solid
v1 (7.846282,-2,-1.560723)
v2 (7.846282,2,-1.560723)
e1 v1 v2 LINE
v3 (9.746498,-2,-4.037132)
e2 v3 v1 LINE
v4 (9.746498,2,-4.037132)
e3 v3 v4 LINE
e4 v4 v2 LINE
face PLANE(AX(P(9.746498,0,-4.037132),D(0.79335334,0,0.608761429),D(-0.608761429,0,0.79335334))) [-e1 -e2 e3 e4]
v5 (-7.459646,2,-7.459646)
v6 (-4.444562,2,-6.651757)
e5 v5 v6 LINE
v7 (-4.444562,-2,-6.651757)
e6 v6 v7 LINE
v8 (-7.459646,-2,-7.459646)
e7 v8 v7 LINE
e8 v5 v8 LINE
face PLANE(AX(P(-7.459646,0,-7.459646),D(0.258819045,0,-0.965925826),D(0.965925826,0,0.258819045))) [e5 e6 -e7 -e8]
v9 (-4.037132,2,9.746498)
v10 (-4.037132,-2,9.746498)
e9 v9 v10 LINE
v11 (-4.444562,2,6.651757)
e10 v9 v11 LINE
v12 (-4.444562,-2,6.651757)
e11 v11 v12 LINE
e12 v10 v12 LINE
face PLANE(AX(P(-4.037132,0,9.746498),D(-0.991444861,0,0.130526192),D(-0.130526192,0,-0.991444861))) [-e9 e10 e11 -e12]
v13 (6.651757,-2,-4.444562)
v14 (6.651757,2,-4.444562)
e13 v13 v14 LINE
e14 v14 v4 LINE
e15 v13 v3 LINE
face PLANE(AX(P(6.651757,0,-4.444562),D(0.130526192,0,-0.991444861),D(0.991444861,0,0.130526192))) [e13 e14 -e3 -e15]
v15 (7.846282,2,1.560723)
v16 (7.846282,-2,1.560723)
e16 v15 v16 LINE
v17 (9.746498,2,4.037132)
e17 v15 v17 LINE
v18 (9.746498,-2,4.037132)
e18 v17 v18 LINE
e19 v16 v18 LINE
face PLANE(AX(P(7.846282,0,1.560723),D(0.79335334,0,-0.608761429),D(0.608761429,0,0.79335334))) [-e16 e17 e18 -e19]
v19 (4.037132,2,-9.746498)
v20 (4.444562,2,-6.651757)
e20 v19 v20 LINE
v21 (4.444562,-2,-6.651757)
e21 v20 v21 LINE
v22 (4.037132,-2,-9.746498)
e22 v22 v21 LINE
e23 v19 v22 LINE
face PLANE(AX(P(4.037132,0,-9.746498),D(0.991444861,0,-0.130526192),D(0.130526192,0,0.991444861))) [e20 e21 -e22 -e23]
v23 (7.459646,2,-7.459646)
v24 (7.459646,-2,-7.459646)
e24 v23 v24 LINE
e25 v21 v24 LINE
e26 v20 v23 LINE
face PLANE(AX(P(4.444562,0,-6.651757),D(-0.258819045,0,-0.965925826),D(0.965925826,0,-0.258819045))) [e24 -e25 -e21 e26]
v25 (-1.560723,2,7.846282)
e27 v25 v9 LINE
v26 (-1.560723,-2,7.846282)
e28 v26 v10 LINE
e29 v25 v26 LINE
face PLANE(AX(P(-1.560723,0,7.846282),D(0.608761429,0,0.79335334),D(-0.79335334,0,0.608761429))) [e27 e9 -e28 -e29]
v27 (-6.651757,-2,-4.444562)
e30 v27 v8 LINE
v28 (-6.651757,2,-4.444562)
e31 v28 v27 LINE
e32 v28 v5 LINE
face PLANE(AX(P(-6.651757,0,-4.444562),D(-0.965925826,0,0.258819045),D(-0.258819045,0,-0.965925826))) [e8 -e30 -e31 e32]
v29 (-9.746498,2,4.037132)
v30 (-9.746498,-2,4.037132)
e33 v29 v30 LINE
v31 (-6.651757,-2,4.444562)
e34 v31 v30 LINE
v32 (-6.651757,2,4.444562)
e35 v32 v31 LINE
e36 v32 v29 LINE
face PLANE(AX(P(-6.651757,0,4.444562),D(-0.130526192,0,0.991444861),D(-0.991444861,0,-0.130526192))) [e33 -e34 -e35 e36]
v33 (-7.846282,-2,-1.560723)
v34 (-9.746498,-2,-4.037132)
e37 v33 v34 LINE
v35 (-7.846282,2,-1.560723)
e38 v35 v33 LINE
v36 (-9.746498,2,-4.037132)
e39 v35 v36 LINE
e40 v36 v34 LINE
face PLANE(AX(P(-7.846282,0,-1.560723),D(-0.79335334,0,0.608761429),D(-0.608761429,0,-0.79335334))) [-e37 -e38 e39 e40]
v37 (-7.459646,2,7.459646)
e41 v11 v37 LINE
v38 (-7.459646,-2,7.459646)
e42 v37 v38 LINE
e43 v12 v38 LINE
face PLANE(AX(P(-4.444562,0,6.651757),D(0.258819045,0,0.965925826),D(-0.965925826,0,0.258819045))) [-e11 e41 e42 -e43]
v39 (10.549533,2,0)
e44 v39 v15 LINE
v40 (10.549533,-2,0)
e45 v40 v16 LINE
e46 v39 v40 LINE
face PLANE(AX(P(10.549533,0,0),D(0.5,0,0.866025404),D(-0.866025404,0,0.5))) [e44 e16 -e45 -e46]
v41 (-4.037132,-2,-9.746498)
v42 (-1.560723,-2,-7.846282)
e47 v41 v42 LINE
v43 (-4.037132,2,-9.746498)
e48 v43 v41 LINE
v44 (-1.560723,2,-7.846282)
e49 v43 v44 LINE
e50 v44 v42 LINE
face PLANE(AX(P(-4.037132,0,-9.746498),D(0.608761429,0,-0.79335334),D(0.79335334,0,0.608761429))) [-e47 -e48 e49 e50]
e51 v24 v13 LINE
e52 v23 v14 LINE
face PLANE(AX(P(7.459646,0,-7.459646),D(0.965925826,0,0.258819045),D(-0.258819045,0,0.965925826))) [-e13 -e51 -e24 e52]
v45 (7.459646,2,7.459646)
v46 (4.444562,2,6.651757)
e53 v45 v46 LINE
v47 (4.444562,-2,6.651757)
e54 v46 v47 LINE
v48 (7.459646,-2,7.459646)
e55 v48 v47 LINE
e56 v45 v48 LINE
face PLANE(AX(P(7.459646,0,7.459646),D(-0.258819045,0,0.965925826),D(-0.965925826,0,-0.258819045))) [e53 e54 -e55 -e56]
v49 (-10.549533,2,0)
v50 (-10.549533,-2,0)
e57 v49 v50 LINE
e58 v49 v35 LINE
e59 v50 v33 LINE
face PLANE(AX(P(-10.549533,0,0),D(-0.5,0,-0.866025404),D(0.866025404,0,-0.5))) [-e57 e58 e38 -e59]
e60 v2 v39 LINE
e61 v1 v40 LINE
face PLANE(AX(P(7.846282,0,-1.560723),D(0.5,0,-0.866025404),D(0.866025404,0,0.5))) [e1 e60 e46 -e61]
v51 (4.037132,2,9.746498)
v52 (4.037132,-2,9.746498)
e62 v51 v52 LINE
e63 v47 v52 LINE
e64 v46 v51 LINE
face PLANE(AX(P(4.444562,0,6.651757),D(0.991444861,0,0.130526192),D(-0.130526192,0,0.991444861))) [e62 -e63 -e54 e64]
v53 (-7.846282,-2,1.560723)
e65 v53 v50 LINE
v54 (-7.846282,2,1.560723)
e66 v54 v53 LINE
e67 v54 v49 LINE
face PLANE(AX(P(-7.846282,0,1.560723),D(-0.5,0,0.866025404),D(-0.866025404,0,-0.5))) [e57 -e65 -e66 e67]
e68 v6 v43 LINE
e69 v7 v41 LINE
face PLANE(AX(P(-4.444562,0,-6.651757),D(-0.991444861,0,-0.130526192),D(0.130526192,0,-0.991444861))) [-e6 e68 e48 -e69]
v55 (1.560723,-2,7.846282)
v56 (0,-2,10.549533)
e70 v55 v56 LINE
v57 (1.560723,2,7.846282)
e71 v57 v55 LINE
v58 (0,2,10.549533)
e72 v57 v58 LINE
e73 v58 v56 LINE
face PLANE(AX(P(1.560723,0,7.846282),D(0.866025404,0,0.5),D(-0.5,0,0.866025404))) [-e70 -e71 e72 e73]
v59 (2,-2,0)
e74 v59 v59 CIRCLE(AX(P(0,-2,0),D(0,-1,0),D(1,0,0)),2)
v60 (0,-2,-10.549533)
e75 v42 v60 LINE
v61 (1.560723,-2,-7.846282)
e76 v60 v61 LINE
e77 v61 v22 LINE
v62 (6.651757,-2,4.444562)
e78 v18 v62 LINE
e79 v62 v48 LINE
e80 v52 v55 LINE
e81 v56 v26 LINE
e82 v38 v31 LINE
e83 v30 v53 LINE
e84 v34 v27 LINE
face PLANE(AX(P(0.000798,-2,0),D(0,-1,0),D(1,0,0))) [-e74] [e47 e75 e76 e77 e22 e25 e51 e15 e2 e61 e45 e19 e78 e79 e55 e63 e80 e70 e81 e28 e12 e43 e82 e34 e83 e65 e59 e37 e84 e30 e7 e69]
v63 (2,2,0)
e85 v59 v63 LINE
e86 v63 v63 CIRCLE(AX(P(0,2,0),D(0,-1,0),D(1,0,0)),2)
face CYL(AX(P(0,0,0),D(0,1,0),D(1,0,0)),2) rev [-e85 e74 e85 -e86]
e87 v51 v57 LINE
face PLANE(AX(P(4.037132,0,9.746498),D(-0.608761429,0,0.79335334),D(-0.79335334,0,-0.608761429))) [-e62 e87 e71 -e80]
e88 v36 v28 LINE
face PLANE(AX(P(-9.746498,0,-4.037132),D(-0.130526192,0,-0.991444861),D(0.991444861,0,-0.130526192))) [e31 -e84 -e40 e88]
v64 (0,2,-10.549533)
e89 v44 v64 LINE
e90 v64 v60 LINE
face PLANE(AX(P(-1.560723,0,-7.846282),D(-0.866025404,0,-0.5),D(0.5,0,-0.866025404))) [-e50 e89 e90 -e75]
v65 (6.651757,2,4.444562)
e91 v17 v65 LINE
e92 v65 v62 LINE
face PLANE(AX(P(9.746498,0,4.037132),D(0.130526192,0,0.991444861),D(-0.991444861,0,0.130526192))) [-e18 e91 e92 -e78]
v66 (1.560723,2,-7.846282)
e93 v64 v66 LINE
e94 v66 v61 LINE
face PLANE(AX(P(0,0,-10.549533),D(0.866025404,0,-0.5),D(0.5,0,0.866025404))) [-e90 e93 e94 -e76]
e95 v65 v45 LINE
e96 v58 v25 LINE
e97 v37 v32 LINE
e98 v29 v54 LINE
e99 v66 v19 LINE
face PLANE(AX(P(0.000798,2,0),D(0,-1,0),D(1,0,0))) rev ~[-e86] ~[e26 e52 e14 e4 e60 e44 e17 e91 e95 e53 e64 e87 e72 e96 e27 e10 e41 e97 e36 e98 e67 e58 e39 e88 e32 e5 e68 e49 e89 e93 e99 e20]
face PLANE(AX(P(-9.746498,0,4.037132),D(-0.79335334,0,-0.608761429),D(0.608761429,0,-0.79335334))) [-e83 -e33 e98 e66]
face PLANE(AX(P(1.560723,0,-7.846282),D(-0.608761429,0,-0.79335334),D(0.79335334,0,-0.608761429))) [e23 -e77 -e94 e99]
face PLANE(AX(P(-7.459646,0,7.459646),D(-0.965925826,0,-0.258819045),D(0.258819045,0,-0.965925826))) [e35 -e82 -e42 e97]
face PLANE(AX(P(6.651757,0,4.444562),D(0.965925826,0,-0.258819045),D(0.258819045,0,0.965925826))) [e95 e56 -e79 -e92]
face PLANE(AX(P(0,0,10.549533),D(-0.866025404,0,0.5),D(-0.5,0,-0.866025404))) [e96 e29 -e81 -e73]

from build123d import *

# Parameters (mm, degrees)
F0_R     = 2
F1_DEPTH = 2


with BuildPart() as f1:
    # F0 (on Front) → F1 (new body, symmetric)
    with BuildSketch(Plane.XZ):
        with BuildLine():
            ThreePointArc((7.8462822432, -1.5607225761), (7.9614778134, -0.7841371226), (8, 0))
            ThreePointArc((8, 0), (7.9614778134, 0.7841371226), (7.8462822432, 1.5607225761))
            ThreePointArc((7.8462822432, 1.5607225761), (7.3910362601, 3.0614674589), (6.6517568984, 4.4445618642))
            ThreePointArc((6.6517568984, 4.4445618642), (5.6568542495, 5.6568542495), (4.4445618642, 6.6517568984))
            ThreePointArc((4.4445618642, 6.6517568984), (3.0614674589, 7.3910362601), (1.5607225761, 7.8462822432))
            ThreePointArc((1.5607225761, 7.8462822432), (0, 8), (-1.5607225761, 7.8462822432))
            ThreePointArc((-1.5607225761, 7.8462822432), (-3.0614674589, 7.3910362601), (-4.4445618642, 6.6517568984))
            ThreePointArc((-4.4445618642, 6.6517568984), (-5.6568542495, 5.6568542495), (-6.6517568984, 4.4445618642))
            ThreePointArc((-6.6517568984, 4.4445618642), (-7.3910362601, 3.0614674589), (-7.8462822432, 1.5607225761))
            ThreePointArc((-7.8462822432, 1.5607225761), (-8, 0), (-7.8462822432, -1.5607225761))
            ThreePointArc((-7.8462822432, -1.5607225761), (-7.3910362601, -3.0614674589), (-6.6517568984, -4.4445618642))
            ThreePointArc((-6.6517568984, -4.4445618642), (-5.6568542495, -5.6568542495), (-4.4445618642, -6.6517568984))
            ThreePointArc((-4.4445618642, -6.6517568984), (-3.0614674589, -7.3910362601), (-1.5607225761, -7.8462822432))
            ThreePointArc((-1.5607225761, -7.8462822432), (0, -8), (1.5607225761, -7.8462822432))
            ThreePointArc((1.5607225761, -7.8462822432), (3.0614674589, -7.3910362601), (4.4445618642, -6.6517568984))
            ThreePointArc((4.4445618642, -6.6517568984), (5.6568542495, -5.6568542495), (6.6517568984, -4.4445618642))
            ThreePointArc((6.6517568984, -4.4445618642), (7.3910362601, -3.0614674589), (7.8462822432, -1.5607225761))
        make_face()
        Circle(F0_R, mode=Mode.SUBTRACT)
        with BuildLine():
            ThreePointArc((7.8462822432, 1.5607225761), (7.9614778134, 0.7841371226), (8, 0))
            ThreePointArc((8, 0), (7.9614778134, -0.7841371226), (7.8462822432, -1.5607225761))
            Line((7.8462822432, -1.5607225761), (10.5495330416, 0))
            Line((10.5495330416, 0), (7.8462822432, 1.5607225761))
        make_face()
        with BuildLine():
            ThreePointArc((6.6517568984, 4.4445618642), (7.3910362601, 3.0614674589), (7.8462822432, 1.5607225761))
            Line((7.8462822432, 1.5607225761), (9.7464976547, 4.0371315142))
            Line((9.7464976547, 4.0371315142), (6.6517568984, 4.4445618642))
        make_face()
        with BuildLine():
            Line((9.7464976547, -4.0371315142), (7.8462822432, -1.5607225761))
            ThreePointArc((7.8462822432, -1.5607225761), (7.3910362601, -3.0614674589), (6.6517568984, -4.4445618642))
            Line((6.6517568984, -4.4445618642), (9.7464976547, -4.0371315142))
        make_face()
        with BuildLine():
            ThreePointArc((4.4445618642, 6.6517568984), (5.6568542495, 5.6568542495), (6.6517568984, 4.4445618642))
            Line((6.6517568984, 4.4445618642), (7.4596463521, 7.4596463521))
            Line((7.4596463521, 7.4596463521), (4.4445618642, 6.6517568984))
        make_face()
        with BuildLine():
            Line((7.4596463521, -7.4596463521), (6.6517568984, -4.4445618642))
            ThreePointArc((6.6517568984, -4.4445618642), (5.6568542495, -5.6568542495), (4.4445618642, -6.6517568984))
            Line((4.4445618642, -6.6517568984), (7.4596463521, -7.4596463521))
        make_face()
        with BuildLine():
            ThreePointArc((1.5607225761, 7.8462822432), (3.0614674589, 7.3910362601), (4.4445618642, 6.6517568984))
            Line((4.4445618642, 6.6517568984), (4.0371315142, 9.7464976547))
            Line((4.0371315142, 9.7464976547), (1.5607225761, 7.8462822432))
        make_face()
        with BuildLine():
            Line((4.0371315142, -9.7464976547), (4.4445618642, -6.6517568984))
            ThreePointArc((4.4445618642, -6.6517568984), (3.0614674589, -7.3910362601), (1.5607225761, -7.8462822432))
            Line((1.5607225761, -7.8462822432), (4.0371315142, -9.7464976547))
        make_face()
        with BuildLine():
            ThreePointArc((-1.5607225761, 7.8462822432), (0, 8), (1.5607225761, 7.8462822432))
            Line((1.5607225761, 7.8462822432), (0, 10.5495330416))
            Line((0, 10.5495330416), (-1.5607225761, 7.8462822432))
        make_face()
        with BuildLine():
            Line((0, -10.5495330416), (1.5607225761, -7.8462822432))
            ThreePointArc((1.5607225761, -7.8462822432), (0, -8), (-1.5607225761, -7.8462822432))
            Line((-1.5607225761, -7.8462822432), (0, -10.5495330416))
        make_face()
        with BuildLine():
            ThreePointArc((-4.4445618642, 6.6517568984), (-3.0614674589, 7.3910362601), (-1.5607225761, 7.8462822432))
            Line((-1.5607225761, 7.8462822432), (-4.0371315142, 9.7464976547))
            Line((-4.0371315142, 9.7464976547), (-4.4445618642, 6.6517568984))
        make_face()
        with BuildLine():
            Line((-4.0371315142, -9.7464976547), (-1.5607225761, -7.8462822432))
            ThreePointArc((-1.5607225761, -7.8462822432), (-3.0614674589, -7.3910362601), (-4.4445618642, -6.6517568984))
            Line((-4.4445618642, -6.6517568984), (-4.0371315142, -9.7464976547))
        make_face()
        with BuildLine():
            ThreePointArc((-6.6517568984, 4.4445618642), (-5.6568542495, 5.6568542495), (-4.4445618642, 6.6517568984))
            Line((-4.4445618642, 6.6517568984), (-7.4596463521, 7.4596463521))
            Line((-7.4596463521, 7.4596463521), (-6.6517568984, 4.4445618642))
        make_face()
        with BuildLine():
            Line((-7.4596463521, -7.4596463521), (-4.4445618642, -6.6517568984))
            ThreePointArc((-4.4445618642, -6.6517568984), (-5.6568542495, -5.6568542495), (-6.6517568984, -4.4445618642))
            Line((-6.6517568984, -4.4445618642), (-7.4596463521, -7.4596463521))
        make_face()
        with BuildLine():
            ThreePointArc((-7.8462822432, 1.5607225761), (-7.3910362601, 3.0614674589), (-6.6517568984, 4.4445618642))
            Line((-6.6517568984, 4.4445618642), (-9.7464976547, 4.0371315142))
            Line((-9.7464976547, 4.0371315142), (-7.8462822432, 1.5607225761))
        make_face()
        with BuildLine():
            Line((-9.7464976547, -4.0371315142), (-6.6517568984, -4.4445618642))
            ThreePointArc((-6.6517568984, -4.4445618642), (-7.3910362601, -3.0614674589), (-7.8462822432, -1.5607225761))
            Line((-7.8462822432, -1.5607225761), (-9.7464976547, -4.0371315142))
        make_face()
        with BuildLine():
            ThreePointArc((-7.8462822432, -1.5607225761), (-8, 0), (-7.8462822432, 1.5607225761))
            Line((-7.8462822432, 1.5607225761), (-10.5495330416, 0))
            Line((-10.5495330416, 0), (-7.8462822432, -1.5607225761))
        make_face()
    extrude(amount=F1_DEPTH, both=True)


solid = f1.part
